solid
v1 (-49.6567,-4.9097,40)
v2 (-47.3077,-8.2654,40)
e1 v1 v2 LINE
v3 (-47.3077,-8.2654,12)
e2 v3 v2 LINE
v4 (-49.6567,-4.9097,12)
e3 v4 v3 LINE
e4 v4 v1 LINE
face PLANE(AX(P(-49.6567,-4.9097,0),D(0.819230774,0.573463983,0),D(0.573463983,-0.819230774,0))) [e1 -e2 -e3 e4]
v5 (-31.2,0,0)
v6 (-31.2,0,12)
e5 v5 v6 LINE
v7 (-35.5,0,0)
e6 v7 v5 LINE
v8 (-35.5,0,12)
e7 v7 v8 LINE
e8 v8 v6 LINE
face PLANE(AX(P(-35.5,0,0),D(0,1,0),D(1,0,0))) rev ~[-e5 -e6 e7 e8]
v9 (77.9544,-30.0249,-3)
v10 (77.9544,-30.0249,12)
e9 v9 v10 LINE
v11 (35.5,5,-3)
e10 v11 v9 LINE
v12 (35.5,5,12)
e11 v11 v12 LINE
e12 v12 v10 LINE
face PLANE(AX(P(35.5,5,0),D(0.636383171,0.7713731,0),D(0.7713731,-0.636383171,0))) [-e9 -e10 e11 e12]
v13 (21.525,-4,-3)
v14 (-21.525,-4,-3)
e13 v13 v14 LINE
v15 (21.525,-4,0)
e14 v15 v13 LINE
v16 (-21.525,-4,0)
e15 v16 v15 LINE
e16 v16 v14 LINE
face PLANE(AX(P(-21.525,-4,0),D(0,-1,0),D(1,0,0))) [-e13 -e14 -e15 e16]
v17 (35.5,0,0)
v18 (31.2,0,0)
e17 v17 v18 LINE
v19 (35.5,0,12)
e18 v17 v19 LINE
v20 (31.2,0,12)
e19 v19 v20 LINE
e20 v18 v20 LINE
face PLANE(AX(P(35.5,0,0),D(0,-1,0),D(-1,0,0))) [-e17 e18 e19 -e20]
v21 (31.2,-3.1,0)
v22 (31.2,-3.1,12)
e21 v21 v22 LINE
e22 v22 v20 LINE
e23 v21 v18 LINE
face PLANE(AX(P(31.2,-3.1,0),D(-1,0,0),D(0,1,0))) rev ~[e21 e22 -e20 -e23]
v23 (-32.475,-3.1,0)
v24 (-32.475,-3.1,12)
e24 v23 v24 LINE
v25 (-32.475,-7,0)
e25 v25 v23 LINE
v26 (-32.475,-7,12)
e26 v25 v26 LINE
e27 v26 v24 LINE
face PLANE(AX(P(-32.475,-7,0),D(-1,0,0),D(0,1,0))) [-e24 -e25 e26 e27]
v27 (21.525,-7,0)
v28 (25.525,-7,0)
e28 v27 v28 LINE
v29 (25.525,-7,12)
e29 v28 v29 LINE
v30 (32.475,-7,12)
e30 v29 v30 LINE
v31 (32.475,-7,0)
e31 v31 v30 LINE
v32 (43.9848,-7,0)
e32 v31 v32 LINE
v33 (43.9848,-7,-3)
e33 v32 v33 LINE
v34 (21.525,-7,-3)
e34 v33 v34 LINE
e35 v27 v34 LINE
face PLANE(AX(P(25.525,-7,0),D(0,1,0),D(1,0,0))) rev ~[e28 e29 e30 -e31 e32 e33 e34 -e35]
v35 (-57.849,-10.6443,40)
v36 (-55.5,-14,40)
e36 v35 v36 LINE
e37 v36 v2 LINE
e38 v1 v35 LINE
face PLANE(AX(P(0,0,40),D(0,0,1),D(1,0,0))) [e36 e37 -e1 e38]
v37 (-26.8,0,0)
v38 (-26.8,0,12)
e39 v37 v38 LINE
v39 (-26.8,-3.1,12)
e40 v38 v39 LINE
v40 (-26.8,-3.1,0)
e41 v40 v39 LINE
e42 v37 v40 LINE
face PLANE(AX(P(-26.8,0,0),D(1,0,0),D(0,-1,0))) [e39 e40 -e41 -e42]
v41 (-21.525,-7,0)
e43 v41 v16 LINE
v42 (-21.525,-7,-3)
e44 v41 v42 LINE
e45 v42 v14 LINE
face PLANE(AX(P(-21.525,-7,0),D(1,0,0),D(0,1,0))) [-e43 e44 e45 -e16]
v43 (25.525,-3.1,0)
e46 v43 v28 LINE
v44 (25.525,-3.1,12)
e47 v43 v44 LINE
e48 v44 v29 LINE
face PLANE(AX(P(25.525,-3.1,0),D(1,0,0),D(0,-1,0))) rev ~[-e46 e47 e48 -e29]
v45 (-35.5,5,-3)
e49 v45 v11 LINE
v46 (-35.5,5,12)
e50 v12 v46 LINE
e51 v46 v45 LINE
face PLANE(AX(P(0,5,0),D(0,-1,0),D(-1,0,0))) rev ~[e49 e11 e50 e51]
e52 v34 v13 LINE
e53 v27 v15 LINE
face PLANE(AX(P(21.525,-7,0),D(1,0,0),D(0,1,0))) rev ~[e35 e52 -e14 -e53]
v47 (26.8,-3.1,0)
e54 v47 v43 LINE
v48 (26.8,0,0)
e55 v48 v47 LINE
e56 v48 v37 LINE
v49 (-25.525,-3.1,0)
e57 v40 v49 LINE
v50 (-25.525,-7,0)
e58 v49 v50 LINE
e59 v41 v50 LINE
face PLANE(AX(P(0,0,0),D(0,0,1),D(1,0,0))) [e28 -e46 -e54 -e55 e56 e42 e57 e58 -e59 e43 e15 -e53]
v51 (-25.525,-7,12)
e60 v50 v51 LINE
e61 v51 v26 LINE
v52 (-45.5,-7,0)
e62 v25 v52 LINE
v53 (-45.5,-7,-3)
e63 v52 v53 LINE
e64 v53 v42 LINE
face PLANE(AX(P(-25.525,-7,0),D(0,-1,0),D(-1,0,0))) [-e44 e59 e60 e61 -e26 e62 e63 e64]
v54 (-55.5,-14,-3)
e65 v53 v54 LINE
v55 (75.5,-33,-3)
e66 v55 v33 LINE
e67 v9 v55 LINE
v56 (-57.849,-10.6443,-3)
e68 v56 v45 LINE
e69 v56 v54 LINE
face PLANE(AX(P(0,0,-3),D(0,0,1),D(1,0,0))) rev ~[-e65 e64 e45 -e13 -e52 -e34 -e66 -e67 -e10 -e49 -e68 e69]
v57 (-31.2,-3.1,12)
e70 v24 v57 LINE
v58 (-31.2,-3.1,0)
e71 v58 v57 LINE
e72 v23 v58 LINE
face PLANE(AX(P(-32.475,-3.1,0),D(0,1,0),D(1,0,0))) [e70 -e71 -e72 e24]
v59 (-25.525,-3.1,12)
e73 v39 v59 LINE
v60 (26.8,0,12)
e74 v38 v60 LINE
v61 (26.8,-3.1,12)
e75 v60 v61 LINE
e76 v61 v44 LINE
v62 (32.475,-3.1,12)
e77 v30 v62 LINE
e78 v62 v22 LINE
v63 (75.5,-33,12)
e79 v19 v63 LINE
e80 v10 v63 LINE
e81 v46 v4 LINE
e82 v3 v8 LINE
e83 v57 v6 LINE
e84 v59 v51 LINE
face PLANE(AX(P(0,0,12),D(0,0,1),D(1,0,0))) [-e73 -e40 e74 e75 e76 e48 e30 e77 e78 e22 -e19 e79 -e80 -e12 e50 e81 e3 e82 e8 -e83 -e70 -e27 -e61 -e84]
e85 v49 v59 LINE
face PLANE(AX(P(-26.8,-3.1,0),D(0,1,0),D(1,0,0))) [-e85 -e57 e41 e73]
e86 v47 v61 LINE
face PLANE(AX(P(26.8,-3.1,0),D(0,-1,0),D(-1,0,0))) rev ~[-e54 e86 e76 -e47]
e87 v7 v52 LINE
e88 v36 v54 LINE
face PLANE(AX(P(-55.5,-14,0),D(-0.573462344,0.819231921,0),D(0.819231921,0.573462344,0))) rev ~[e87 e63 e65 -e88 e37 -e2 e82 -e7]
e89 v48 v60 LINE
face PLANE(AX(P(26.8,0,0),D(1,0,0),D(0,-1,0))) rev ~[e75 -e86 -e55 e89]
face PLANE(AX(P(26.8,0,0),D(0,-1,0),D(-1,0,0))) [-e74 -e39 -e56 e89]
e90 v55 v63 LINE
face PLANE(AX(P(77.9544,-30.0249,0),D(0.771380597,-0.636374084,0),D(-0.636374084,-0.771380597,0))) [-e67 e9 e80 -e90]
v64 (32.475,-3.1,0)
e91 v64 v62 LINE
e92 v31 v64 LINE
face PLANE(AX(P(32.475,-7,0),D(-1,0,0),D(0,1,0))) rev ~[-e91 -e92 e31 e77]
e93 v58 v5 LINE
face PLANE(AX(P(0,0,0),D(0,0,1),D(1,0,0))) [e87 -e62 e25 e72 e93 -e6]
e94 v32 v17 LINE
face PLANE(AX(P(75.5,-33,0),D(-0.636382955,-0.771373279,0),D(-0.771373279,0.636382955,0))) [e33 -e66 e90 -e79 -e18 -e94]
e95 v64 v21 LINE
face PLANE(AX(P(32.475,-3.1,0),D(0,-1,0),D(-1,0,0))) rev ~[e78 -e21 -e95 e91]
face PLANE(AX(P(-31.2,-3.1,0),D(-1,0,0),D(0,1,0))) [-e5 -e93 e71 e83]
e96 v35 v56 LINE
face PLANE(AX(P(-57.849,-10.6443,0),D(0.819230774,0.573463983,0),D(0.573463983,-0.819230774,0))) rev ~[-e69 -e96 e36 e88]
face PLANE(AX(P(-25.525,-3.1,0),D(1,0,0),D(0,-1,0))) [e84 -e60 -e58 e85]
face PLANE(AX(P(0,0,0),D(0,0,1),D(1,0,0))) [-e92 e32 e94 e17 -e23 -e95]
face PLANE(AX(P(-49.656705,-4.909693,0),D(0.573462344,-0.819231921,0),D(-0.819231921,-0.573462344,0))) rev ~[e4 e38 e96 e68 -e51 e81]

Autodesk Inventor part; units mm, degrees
ref_plane "YZ Plane" through (0, 0, 0) normal (1, 0, 0) x (0, 1, 0)
ref_plane "XZ Plane" through (0, 0, 0) normal (0, 1, 0) x (-1, 0, 0)
ref_plane "XY Plane" through (0, 0, 0) normal (0, 0, 1) x (1, 0, 0)
sketch "Sketch2" plane through (0, 0, 0) normal (0, 0, 1) x (1, 0, 0)
  line L0 (-32.475, -3.1) -> (-25.525, -3.1)
  line L1 (-25.525, -3.1) -> (-25.525, -7)
  line L2 (-25.525, -7) -> (-32.475, -7)
  line L3 (-32.475, -7) -> (-32.475, -3.1)
  line L4 (-31.2, 0) -> (-26.8, 0)
  line L5 (-26.8, 0) -> (-26.8, -3.1)
  line L6 (-26.8, -3.1) -> (-31.2, -3.1)
  line L7 (-31.2, -3.1) -> (-31.2, 0)
  line L8 (-35.5, 0) -> (0, 0)
  line L9 (0, 5) -> (-35.5, 5)
  line L10 (-35.5, 5) -> (-35.5, 0)
  line L11 (-29, 6.5254) -> (-29, -10.3092) construction
  line L12 (0, -40.9051) -> (0, 14.4305) construction
  line L13 (32.475, -3.1) -> (25.525, -3.1)
  line L14 (25.525, -3.1) -> (25.525, -7)
  line L15 (25.525, -7) -> (32.475, -7)
  line L16 (32.475, -7) -> (32.475, -3.1)
  line L17 (31.2, 0) -> (26.8, 0)
  line L18 (26.8, 0) -> (26.8, -3.1)
  line L19 (26.8, -3.1) -> (31.2, -3.1)
  line L20 (31.2, -3.1) -> (31.2, 0)
  line L21 (35.5, 0) -> (0, 0)
  line L22 (0, 5) -> (35.5, 5)
  line L23 (35.5, 5) -> (35.5, 0)
  line L24 (29, 6.5254) -> (29, -10.3092) construction
  line L25 (-85.0097, 0) -> (105.1151, 0) construction
  line L26 (35.5, 5) -> (77.9544, -30.0249)
  line L27 (77.9544, -30.0249) -> (75.5, -33)
  line L28 (75.5, -33) -> (35.5, 0)
  line L29 (-35.5, 5) -> (35.5, 5)
  line L30 (35.5, 5) -> (35.5, -7)
  line L31 (35.5, -7) -> (-35.5, -7)
  line L32 (-35.5, -7) -> (-35.5, 5)
  line L33 (-35.5, 5) -> (-57.849, -10.6443)
  line L34 (-57.849, -10.6443) -> (-55.5, -14)
  line L35 (-55.5, -14) -> (-35.5, 0)
  line L36 (-49.6567, -4.9097) -> (-47.3077, -8.2654)
  line L37 (-21.525, -7) -> (-21.525, -4)
  line L38 (-21.525, -4) -> (0, -4)
  line L39 (21.525, -7) -> (21.525, -4)
  line L40 (21.525, -4) -> (0, -4)
  line L41 (-35.5, -7) -> (-45.5, -7)
  line L42 (35.5, -7) -> (43.9848, -7)
  point P0 (-13.25, 5)
  point P1 (-18.25, 5)
  point P2 (29, -7)
  dimension "d1" = 4.4
  dimension "d2" = 6.95
  dimension "d3" = 3.9
  dimension "d4" = 5
  dimension "d5" = 58
  dimension "d6" = 7
  dimension "d7" = 13
  dimension "d28" = 38
  dimension "d29" = 40
  dimension "d30" = 20
  dimension "d31" = 19
  dimension "d32" = 10
  dimension "d37" = 4
  dimension "d38" = 3
extrude "Extrusion1" add sketch "Sketch2" along normal blind 12 contours L0 L1 L2 L3 | L7 L4 L5 L0 | L8 L10 L9 L22 L23 L21 L17 L4 | L35 L36 L33 L10 | L17 L20 L13 L18 | L14 L13 L16 L15 | L26 L27 L28 L23
extrude "Extrusion2" add sketch "Sketch2" along normal blind 40 contours L35 L34 L33 L36
extrude "Extrusion3" add sketch "Sketch2" against normal blind 3 contours L3 L31 L32 L8 L7 L0 | L0 L1 L2 L3 | L7 L4 L5 L0 | L5 L8 L21 L18 L13 L14 L31 L39 L40 L38 L37 L1 L0 | L8 L10 L9 L22 L23 L21 L17 L4 | L41 L35 L32 | L35 L36 L33 L10 | L35 L34 L33 L36 | L17 L20 L13 L18 | L14 L13 L16 L15 | L21 L30 L31 L16 L13 L20 | L26 L27 L28 L23 | L28 L42 L30
properties part number "UnitreeGO2_railmount"
